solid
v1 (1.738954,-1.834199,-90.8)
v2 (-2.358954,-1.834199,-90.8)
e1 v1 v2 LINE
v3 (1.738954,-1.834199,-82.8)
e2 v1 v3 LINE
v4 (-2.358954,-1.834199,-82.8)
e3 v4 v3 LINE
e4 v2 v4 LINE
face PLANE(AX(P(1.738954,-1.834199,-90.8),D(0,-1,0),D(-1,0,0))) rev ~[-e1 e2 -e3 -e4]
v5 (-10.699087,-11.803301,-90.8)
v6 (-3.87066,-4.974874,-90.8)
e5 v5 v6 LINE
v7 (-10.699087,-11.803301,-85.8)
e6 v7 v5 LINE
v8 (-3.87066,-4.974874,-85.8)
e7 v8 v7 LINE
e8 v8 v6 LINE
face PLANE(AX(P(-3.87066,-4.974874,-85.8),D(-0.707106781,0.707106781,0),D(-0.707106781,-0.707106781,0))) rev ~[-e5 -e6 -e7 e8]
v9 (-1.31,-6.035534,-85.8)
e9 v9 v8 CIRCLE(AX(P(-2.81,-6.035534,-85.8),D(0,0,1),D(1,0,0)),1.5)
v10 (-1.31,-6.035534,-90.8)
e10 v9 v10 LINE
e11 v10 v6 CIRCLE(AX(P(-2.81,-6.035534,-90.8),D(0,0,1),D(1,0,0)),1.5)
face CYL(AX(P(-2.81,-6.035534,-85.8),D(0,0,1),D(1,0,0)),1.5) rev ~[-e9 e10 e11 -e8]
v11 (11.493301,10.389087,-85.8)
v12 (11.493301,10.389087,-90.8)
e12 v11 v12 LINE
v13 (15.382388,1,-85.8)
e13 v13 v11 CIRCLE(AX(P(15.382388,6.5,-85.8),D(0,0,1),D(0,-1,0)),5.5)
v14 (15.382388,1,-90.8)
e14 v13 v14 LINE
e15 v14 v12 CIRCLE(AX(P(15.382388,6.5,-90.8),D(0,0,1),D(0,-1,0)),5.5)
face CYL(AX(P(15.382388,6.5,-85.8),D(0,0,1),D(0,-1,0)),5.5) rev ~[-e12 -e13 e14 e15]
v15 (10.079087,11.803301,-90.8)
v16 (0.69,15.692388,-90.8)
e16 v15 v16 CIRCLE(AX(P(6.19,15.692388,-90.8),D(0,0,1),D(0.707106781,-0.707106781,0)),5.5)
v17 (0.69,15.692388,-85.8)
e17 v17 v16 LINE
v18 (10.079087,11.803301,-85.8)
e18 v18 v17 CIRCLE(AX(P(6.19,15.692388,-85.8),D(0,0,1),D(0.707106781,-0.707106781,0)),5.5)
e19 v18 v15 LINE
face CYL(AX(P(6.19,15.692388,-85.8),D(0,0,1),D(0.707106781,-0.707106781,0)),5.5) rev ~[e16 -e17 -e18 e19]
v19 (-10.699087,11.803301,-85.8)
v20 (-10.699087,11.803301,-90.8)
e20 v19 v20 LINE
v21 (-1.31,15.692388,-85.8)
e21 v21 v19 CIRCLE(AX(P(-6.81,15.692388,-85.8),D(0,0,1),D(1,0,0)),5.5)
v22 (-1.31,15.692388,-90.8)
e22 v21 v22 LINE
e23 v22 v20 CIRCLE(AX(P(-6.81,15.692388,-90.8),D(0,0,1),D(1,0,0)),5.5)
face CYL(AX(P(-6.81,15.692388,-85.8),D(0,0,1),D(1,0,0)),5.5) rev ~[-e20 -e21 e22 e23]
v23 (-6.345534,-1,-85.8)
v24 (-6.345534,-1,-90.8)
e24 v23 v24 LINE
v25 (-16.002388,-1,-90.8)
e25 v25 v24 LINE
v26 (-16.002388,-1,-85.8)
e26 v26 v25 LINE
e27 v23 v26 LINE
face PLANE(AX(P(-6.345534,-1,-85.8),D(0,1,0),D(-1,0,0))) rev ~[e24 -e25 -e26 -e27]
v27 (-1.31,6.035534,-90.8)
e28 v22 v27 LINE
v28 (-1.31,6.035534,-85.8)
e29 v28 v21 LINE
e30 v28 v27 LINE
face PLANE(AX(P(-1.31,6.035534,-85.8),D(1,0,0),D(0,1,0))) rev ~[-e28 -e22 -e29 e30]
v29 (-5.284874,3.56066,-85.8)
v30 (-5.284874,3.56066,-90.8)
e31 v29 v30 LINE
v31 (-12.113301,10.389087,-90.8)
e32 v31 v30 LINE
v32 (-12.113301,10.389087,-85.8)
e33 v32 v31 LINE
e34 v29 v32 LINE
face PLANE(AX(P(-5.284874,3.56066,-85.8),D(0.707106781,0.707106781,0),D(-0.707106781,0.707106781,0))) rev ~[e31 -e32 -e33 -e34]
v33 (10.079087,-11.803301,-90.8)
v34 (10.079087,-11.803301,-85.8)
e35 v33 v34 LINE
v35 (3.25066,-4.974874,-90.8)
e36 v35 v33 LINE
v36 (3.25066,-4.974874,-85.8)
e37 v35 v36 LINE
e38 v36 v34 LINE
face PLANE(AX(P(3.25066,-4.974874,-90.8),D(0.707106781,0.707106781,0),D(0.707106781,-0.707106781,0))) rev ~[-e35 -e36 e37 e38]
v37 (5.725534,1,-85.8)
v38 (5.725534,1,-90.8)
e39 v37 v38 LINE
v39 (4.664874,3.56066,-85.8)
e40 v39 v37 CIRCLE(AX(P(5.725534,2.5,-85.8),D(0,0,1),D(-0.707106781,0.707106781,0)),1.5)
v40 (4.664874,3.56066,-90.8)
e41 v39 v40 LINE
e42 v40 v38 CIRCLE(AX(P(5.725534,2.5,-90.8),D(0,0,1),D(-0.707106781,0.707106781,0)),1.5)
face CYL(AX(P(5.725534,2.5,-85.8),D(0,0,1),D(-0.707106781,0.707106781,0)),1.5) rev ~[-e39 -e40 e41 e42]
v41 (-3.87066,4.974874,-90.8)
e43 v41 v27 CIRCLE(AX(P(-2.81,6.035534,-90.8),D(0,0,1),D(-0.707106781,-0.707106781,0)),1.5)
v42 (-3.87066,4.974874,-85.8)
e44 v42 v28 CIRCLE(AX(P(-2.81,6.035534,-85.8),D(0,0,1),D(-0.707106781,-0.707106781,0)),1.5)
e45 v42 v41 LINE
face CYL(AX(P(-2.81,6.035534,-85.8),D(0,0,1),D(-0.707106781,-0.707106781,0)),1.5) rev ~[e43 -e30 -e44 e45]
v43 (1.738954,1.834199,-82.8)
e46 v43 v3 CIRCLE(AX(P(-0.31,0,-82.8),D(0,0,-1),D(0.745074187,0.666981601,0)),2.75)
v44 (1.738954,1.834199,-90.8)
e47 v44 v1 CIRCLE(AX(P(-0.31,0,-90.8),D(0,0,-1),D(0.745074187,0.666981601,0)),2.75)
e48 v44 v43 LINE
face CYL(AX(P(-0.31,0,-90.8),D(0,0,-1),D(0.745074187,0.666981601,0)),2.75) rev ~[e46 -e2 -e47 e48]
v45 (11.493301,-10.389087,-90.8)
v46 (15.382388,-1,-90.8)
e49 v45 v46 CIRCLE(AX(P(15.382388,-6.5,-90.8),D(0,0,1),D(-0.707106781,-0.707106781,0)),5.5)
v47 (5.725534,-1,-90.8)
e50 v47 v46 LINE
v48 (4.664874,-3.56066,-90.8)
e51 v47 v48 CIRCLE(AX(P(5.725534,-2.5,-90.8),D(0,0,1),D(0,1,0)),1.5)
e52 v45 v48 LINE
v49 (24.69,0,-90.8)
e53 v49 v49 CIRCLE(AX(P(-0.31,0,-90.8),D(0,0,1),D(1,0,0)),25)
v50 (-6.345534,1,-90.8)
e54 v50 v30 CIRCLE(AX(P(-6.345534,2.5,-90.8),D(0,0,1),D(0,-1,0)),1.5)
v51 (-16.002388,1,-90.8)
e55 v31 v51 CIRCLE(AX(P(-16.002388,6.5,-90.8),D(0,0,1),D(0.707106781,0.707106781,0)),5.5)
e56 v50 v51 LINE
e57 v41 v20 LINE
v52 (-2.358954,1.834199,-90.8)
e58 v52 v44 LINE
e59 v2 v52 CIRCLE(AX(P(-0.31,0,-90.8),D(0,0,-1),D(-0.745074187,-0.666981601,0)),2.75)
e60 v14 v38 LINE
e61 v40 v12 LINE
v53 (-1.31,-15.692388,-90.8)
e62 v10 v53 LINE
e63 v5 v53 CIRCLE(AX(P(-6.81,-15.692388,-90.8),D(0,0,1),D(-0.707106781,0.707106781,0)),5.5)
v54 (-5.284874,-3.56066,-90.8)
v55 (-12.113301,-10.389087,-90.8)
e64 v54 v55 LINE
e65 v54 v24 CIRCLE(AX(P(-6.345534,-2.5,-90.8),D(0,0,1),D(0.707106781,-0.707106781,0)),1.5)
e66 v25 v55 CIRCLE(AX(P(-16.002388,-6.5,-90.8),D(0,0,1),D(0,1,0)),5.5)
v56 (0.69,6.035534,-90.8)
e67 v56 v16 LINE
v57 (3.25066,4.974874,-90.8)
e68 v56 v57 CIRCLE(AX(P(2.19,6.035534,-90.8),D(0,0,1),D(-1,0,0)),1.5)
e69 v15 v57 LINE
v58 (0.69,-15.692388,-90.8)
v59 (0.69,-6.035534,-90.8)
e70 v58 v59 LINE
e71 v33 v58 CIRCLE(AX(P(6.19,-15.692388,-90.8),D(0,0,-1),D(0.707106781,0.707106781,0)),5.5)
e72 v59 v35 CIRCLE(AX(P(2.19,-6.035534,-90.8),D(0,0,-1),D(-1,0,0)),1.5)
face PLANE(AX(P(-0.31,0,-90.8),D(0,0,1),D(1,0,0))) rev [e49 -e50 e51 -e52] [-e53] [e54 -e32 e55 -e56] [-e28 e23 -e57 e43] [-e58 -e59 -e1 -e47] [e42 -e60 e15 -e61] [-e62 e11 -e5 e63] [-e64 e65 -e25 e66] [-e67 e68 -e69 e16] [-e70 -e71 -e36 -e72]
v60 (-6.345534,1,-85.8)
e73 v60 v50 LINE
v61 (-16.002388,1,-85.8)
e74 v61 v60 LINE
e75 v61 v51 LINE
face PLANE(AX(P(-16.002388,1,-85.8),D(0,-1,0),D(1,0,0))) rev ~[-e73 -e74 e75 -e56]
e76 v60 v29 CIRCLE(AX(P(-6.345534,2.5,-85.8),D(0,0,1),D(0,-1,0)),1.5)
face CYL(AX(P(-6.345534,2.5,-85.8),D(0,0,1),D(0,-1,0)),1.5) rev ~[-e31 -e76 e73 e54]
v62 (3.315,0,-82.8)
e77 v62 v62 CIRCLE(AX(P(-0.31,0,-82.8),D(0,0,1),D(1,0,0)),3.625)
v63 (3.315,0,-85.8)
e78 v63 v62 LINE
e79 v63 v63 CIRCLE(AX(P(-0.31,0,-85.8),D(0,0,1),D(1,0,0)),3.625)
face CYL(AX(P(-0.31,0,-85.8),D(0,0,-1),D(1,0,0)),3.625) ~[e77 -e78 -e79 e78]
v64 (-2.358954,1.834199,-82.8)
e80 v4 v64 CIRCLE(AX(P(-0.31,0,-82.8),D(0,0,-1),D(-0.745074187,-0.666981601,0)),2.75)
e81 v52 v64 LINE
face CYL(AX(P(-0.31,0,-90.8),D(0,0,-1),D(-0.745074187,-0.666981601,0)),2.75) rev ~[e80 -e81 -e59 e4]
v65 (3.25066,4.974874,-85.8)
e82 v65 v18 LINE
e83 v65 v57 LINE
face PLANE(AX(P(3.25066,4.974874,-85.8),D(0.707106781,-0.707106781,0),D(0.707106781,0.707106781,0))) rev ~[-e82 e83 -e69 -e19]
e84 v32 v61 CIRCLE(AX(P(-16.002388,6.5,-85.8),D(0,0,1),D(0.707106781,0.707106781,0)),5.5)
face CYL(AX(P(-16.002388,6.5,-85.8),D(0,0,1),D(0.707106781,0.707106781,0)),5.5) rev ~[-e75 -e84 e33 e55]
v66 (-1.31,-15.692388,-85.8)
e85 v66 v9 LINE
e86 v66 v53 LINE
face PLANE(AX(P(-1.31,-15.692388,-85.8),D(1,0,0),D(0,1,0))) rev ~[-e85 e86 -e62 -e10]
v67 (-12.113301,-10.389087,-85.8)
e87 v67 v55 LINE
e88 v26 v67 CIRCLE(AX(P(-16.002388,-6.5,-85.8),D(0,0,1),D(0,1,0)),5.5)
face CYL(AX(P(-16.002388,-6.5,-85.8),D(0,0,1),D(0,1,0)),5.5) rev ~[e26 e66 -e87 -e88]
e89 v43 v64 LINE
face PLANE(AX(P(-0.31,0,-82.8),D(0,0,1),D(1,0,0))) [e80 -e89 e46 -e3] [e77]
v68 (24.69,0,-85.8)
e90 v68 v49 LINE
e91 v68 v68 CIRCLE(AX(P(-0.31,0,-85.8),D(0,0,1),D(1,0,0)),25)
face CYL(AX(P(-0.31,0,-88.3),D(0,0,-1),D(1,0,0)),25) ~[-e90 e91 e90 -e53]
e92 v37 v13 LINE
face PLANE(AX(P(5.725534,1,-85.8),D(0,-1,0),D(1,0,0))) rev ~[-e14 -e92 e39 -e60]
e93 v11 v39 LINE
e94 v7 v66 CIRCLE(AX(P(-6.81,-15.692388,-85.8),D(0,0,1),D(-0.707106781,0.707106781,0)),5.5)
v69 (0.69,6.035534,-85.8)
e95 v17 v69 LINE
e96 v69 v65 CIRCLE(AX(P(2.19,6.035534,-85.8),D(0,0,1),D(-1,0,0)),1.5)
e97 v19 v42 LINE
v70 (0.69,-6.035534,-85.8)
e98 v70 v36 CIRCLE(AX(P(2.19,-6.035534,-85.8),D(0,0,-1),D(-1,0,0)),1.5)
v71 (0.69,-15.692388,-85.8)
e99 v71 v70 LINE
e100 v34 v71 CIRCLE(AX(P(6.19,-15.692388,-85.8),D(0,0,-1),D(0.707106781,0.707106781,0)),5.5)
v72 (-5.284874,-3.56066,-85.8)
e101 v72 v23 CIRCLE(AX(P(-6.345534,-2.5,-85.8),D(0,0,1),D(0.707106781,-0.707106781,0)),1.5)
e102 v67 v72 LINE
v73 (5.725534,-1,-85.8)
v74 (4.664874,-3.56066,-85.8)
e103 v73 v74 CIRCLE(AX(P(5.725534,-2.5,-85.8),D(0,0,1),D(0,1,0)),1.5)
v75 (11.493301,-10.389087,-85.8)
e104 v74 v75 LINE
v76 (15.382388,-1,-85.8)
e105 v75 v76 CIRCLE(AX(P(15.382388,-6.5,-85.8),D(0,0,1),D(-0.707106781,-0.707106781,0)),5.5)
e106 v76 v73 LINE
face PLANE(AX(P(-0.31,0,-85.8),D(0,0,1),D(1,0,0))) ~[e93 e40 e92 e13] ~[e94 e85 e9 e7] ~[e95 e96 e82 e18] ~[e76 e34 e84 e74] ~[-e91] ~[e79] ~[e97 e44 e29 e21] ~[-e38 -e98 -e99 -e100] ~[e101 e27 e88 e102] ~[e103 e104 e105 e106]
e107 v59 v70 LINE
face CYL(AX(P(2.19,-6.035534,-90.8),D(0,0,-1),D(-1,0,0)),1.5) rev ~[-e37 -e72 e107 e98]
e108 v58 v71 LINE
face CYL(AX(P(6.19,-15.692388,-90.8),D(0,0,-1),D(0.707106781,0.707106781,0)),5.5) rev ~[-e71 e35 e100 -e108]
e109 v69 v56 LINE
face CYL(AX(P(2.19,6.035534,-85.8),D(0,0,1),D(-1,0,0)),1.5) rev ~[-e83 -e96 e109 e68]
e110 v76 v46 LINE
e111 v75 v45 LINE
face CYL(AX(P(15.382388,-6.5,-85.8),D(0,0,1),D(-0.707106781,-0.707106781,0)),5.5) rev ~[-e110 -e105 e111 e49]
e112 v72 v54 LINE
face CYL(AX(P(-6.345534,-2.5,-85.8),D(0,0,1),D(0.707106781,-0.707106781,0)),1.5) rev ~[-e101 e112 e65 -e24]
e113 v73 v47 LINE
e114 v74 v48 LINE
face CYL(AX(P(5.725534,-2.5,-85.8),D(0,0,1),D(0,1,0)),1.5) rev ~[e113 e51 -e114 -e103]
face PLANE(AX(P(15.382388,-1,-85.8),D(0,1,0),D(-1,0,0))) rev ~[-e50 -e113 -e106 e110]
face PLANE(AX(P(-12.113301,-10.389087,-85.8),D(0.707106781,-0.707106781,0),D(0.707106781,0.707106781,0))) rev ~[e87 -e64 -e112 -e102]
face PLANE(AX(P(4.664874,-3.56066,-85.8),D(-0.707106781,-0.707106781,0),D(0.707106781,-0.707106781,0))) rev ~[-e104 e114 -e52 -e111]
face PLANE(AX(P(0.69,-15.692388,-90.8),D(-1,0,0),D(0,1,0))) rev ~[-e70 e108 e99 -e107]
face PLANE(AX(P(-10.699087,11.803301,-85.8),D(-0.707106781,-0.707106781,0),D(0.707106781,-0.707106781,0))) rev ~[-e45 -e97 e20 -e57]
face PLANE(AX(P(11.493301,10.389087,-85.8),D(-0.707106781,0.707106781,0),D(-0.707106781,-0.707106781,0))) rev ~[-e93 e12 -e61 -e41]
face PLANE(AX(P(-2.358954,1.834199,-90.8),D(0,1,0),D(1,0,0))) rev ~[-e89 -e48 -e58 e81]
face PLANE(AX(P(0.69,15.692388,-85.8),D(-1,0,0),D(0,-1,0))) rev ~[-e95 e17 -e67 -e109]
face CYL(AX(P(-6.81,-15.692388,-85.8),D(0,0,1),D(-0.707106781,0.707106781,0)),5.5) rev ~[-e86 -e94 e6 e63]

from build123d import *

# Parameters (mm, degrees)
SKETCH1_W           = 25
SKETCH1_H           = 5
SKETCH2_R           = 3.625
BOSS_EXTRUDE1_DEPTH = 3
CUT_EXTRUDE1_DEPTH  = 37.463627082
CUT_EXTRUDE2_DEPTH  = 36.924867432
CUT_EXTRUDE3_DEPTH  = 36.924867432
CUT_EXTRUDE4_DEPTH  = 36.924867432
CUT_EXTRUDE5_DEPTH  = 36.924867432
CUT_EXTRUDE6_DEPTH  = 36.924867432
CUT_EXTRUDE7_DEPTH  = 36.924867432
CUT_EXTRUDE8_DEPTH  = 36.924867432
CUT_EXTRUDE9_DEPTH  = 37.463627082


with BuildPart() as part:
    # Sketch1 → Revolve1 (revolve)
    with BuildSketch(Plane(origin=(0, 0, 0), x_dir=(1, 0, 0), z_dir=(0, 1, 0))):
        with Locations((12.19, 88.3)):
            Rectangle(SKETCH1_W, SKETCH1_H)
    revolve(axis=Axis((-0.31, 0, -90.8), (0, 0, 1)))

    # Sketch2 → Boss-Extrude1 (add)
    with BuildSketch(Plane.XY.offset(-85.8)):
        with Locations((-0.31, 0)):
            Circle(SKETCH2_R)
    extrude(amount=BOSS_EXTRUDE1_DEPTH)

    # Sketch3 → Cut-Extrude1 (cut, through all)
    with BuildSketch(Plane(origin=(0, 0, -90.8), x_dir=(-1, 0, 0), z_dir=(0, 0, -1))):
        with BuildLine():
            Line((-1.738954013, -1.834199404), (2.358954013, -1.834199404))
            ThreePointArc((2.358954013, -1.834199404), (3.06, 0), (2.358954013, 1.834199404))
            Line((2.358954013, 1.834199404), (-1.738954013, 1.834199404))
            ThreePointArc((-1.738954013, 1.834199404), (-2.44, 0), (-1.738954013, -1.834199404))
        make_face()
    extrude(amount=-CUT_EXTRUDE1_DEPTH, mode=Mode.SUBTRACT)

    # Sketch4 → Cut-Extrude2 (cut, through all)
    with BuildSketch(Plane.XY.offset(-85.8)):
        with BuildLine():
            Line((5.725533906, 1), (15.382388155, 1))
            ThreePointArc((15.382388155, 1), (20.463725584, 8.604758878), (11.493300859, 10.389087297))
            Line((11.493300859, 10.389087297), (4.664873734, 3.560660172))
            ThreePointArc((4.664873734, 3.560660172), (4.339714607, 1.925974851), (5.725533906, 1))
        make_face()
    extrude(amount=-CUT_EXTRUDE2_DEPTH, mode=Mode.SUBTRACT)

    # Sketch5 → Cut-Extrude3 (cut, through all)
    with BuildSketch(Plane.XY.offset(-85.8)):
        with BuildLine():
            Line((-12.113300859, -10.389087297), (-5.284873734, -3.560660172))
            ThreePointArc((-5.284873734, -3.560660172), (-4.959714607, -1.925974851), (-6.345533906, -1))
            Line((-6.345533906, -1), (-16.002388155, -1))
            ThreePointArc((-16.002388155, -1), (-21.083725584, -8.604758878), (-12.113300859, -10.389087297))
        make_face()
    extrude(amount=-CUT_EXTRUDE3_DEPTH, mode=Mode.SUBTRACT)

    # Sketch6 → Cut-Extrude4 (cut, through all)
    with BuildSketch(Plane.XY.offset(-85.8)):
        with BuildLine():
            Line((3.250660172, 4.974873734), (10.079087297, 11.803300859))
            ThreePointArc((10.079087297, 11.803300859), (8.294758878, 20.773725584), (0.69, 15.692388155))
            Line((0.69, 15.692388155), (0.69, 6.035533906))
            ThreePointArc((0.69, 6.035533906), (1.615974851, 4.649714607), (3.250660172, 4.974873734))
        make_face()
    extrude(amount=-CUT_EXTRUDE4_DEPTH, mode=Mode.SUBTRACT)

    # Sketch7 → Cut-Extrude5 (cut, through all)
    with BuildSketch(Plane.XY.offset(-85.8)):
        with BuildLine():
            Line((-3.870660172, -4.974873734), (-10.699087297, -11.803300859))
            ThreePointArc((-10.699087297, -11.803300859), (-8.914758878, -20.773725584), (-1.31, -15.692388155))
            Line((-1.31, -15.692388155), (-1.31, -6.035533906))
            ThreePointArc((-1.31, -6.035533906), (-2.235974851, -4.649714607), (-3.870660172, -4.974873734))
        make_face()
    extrude(amount=-CUT_EXTRUDE5_DEPTH, mode=Mode.SUBTRACT)

    # Sketch8 → Cut-Extrude6 (cut, through all)
    with BuildSketch(Plane.XY.offset(-85.8)):
        with BuildLine():
            Line((15.382388155, -1), (5.725533906, -1))
            ThreePointArc((5.725533906, -1), (4.339714607, -1.925974851), (4.664873734, -3.560660172))
            Line((4.664873734, -3.560660172), (11.493300859, -10.389087297))
            ThreePointArc((11.493300859, -10.389087297), (20.463725584, -8.604758878), (15.382388155, -1))
        make_face()
    extrude(amount=-CUT_EXTRUDE6_DEPTH, mode=Mode.SUBTRACT)

    # Sketch9 → Cut-Extrude7 (cut, through all)
    with BuildSketch(Plane.XY.offset(-85.8)):
        with BuildLine():
            Line((-16.002388155, 1), (-6.345533906, 1))
            ThreePointArc((-6.345533906, 1), (-4.959714607, 1.925974851), (-5.284873734, 3.560660172))
            Line((-5.284873734, 3.560660172), (-12.113300859, 10.389087297))
            ThreePointArc((-12.113300859, 10.389087297), (-21.083725584, 8.604758878), (-16.002388155, 1))
        make_face()
    extrude(amount=-CUT_EXTRUDE7_DEPTH, mode=Mode.SUBTRACT)

    # Sketch10 → Cut-Extrude8 (cut, through all)
    with BuildSketch(Plane.XY.offset(-85.8)):
        with BuildLine():
            Line((-1.31, 6.035533906), (-1.31, 15.692388155))
            ThreePointArc((-1.31, 15.692388155), (-8.914758878, 20.773725584), (-10.699087297, 11.803300859))
            Line((-10.699087297, 11.803300859), (-3.870660172, 4.974873734))
            ThreePointArc((-3.870660172, 4.974873734), (-2.235974851, 4.649714607), (-1.31, 6.035533906))
        make_face()
    extrude(amount=-CUT_EXTRUDE8_DEPTH, mode=Mode.SUBTRACT)

    # Sketch11 → Cut-Extrude9 (cut, through all)
    with BuildSketch(Plane(origin=(0, 0, -90.8), x_dir=(-1, 0, 0), z_dir=(0, 0, -1))):
        with BuildLine():
            Line((-0.69, -15.692388155), (-0.69, -6.035533906))
            ThreePointArc((-0.69, -6.035533906), (-1.615974851, -4.649714607), (-3.250660172, -4.974873734))
            Line((-3.250660172, -4.974873734), (-10.079087297, -11.803300859))
            ThreePointArc((-10.079087297, -11.803300859), (-8.294758878, -20.773725584), (-0.69, -15.692388155))
        make_face()
    extrude(amount=-CUT_EXTRUDE9_DEPTH, mode=Mode.SUBTRACT)


solid = part.part
